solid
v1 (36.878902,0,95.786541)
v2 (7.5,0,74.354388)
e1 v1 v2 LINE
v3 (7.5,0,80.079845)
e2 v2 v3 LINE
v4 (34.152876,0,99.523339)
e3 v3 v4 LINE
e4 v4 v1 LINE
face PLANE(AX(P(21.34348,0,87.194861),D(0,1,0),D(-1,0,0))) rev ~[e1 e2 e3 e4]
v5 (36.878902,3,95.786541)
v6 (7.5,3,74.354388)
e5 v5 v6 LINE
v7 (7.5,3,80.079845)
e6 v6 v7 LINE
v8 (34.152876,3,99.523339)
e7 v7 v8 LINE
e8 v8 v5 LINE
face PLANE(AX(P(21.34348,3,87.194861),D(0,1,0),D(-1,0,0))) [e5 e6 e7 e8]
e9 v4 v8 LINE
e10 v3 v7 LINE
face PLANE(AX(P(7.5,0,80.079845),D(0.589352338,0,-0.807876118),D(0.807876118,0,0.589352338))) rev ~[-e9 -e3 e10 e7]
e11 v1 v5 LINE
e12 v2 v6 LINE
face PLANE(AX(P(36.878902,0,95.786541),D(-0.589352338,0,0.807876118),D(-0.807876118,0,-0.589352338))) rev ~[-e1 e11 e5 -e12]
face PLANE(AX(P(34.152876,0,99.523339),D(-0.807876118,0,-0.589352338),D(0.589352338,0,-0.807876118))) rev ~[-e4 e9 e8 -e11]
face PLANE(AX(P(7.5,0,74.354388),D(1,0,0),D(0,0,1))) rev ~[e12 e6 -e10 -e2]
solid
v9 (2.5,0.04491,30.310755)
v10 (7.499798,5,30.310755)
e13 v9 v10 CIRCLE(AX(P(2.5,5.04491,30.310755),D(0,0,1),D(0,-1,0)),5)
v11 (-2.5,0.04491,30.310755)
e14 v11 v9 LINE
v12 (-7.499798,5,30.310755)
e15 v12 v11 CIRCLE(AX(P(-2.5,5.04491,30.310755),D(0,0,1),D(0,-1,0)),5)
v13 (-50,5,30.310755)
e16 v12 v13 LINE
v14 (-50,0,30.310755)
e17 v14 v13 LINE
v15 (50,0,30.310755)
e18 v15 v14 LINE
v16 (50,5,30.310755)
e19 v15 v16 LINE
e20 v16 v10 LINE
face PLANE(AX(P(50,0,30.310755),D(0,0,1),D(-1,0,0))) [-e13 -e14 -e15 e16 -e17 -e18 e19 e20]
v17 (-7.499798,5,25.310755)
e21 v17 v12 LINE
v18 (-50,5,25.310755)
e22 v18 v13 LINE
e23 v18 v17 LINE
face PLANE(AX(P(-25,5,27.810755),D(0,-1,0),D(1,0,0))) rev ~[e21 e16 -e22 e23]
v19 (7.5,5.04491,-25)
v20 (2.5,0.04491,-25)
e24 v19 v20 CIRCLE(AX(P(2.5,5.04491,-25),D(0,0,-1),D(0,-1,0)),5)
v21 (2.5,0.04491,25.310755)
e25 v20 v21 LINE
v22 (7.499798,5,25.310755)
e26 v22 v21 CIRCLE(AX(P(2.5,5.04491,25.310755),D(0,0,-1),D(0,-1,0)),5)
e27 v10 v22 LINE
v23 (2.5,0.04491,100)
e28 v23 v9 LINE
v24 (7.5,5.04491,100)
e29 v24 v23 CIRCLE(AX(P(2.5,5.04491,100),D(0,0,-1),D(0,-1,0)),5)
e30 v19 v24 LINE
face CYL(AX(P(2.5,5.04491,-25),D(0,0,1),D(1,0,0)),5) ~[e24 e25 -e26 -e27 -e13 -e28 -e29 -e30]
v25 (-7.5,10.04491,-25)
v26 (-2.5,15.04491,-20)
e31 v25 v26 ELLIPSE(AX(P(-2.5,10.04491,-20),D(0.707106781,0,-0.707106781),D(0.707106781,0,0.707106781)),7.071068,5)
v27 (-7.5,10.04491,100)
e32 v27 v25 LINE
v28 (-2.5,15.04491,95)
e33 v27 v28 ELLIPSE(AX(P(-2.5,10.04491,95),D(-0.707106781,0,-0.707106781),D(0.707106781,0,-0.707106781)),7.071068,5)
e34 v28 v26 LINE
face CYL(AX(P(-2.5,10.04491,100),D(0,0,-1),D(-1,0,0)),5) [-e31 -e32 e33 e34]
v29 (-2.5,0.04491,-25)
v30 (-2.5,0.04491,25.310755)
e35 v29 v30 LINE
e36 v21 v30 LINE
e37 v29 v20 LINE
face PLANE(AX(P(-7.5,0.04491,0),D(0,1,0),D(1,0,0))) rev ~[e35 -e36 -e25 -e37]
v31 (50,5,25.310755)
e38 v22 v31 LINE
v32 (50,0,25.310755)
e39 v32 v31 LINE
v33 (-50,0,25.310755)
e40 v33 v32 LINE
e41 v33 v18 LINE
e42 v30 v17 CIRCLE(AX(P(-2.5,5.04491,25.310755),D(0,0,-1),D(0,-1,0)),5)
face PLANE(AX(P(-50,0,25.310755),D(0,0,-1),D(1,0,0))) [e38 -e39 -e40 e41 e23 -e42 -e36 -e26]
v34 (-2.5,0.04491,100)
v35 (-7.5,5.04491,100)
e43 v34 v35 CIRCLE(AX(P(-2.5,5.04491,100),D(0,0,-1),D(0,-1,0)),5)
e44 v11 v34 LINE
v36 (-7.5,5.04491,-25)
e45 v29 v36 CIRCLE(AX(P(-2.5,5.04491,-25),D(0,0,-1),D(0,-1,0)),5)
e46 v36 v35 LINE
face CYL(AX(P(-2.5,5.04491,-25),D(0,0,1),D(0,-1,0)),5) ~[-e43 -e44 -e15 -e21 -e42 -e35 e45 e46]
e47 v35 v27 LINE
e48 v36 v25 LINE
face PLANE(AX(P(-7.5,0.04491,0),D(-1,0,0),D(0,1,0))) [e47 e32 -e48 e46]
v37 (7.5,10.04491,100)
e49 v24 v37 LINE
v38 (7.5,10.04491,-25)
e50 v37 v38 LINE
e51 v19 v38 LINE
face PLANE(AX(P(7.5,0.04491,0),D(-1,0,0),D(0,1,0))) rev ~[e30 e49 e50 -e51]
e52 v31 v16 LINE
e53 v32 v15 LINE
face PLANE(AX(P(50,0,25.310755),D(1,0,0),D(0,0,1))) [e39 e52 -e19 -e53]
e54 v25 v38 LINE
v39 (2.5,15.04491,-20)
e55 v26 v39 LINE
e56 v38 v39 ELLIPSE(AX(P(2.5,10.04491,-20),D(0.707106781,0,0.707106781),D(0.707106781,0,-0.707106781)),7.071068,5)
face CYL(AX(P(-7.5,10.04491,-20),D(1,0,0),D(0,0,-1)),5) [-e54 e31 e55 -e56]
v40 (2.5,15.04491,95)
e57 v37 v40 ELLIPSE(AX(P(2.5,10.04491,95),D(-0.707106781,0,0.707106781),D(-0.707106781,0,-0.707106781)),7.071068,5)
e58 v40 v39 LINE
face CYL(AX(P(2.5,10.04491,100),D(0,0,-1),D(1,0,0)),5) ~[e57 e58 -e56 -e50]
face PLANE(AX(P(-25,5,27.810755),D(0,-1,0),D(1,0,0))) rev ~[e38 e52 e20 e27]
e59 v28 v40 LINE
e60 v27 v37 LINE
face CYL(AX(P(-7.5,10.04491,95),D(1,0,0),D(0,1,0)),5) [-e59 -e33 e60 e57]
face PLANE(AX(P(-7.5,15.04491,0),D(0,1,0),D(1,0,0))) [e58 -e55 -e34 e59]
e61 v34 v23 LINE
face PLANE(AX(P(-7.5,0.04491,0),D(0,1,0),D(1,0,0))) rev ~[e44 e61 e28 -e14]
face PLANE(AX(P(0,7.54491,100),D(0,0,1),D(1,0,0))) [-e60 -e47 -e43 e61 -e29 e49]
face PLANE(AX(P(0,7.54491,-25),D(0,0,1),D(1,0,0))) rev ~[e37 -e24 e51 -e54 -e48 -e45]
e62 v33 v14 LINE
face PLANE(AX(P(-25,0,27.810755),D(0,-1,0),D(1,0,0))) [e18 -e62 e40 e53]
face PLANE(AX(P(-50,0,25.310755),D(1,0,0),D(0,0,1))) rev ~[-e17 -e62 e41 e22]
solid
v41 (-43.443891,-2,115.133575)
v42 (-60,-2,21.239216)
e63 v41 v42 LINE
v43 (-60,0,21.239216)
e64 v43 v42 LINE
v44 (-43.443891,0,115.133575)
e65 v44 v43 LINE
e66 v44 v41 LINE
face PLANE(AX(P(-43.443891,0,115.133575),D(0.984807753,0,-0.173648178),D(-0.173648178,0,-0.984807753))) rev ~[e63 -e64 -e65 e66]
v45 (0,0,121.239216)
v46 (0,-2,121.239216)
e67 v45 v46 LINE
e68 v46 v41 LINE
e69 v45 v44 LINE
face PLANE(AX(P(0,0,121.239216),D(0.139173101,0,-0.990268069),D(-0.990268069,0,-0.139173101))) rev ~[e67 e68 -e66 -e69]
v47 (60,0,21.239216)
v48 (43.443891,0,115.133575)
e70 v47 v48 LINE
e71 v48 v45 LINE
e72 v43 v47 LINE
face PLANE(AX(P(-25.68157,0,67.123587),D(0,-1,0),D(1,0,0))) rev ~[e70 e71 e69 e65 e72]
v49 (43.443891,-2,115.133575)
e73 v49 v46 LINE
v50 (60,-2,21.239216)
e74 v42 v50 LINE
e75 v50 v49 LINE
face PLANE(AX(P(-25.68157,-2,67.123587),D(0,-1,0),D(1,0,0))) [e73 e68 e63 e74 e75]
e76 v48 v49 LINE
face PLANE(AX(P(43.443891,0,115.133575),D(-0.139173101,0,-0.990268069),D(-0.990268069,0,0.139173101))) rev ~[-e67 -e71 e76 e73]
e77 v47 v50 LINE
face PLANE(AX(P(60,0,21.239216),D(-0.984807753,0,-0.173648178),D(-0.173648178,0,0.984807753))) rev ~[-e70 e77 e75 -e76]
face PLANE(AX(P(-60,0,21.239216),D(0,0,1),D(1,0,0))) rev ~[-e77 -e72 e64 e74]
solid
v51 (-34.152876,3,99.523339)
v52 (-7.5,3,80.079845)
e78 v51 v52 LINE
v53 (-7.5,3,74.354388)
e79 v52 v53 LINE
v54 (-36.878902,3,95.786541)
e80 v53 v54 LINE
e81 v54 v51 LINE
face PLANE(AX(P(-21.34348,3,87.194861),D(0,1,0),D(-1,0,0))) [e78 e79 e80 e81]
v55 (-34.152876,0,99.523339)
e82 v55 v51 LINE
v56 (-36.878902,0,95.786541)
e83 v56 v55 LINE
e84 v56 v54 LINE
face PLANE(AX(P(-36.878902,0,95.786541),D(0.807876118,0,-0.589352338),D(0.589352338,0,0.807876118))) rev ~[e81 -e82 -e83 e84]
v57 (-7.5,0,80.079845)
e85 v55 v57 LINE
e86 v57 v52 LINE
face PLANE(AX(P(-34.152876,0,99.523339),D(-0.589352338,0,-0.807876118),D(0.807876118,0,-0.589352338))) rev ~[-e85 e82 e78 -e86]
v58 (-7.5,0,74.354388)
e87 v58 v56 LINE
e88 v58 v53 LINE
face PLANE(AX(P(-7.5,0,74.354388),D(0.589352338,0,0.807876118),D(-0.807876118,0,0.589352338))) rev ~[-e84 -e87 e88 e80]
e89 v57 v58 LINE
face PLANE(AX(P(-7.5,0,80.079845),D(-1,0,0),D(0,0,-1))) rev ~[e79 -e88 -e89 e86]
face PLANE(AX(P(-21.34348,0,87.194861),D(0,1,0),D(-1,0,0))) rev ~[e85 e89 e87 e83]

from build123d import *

# Parameters (mm, degrees)
F0_W     = 15
F0_H     = 15
F1_DEPTH = 25
F2_DEPTH = 100
F4_DEPTH = 2
F5_W     = 50
F5_H     = 5
F6_DEPTH = 5
F9_DEPTH = 3
F10_R    = 5


with BuildPart() as f1:
    # F0 (on Top) → F1 (new body)
    with BuildSketch(Plane.XY):
        with Locations((0, 7.5449103606)):
            Rectangle(F0_W, F0_H)
    extrude(amount=-F1_DEPTH)

    # F2 (add): a face of the model
    f2_faces = [f1.faces().sort_by_distance(p)[0] for p in [
        (0, 7.5449103606, 0),
    ]]
    extrude(f2_faces, amount=F2_DEPTH)


with BuildPart() as f4:
    # F3 (on Front) → F4 (new body)
    with BuildSketch(Plane.XZ):
        Polygon((-60, 21.2392159319), (0, 21.2392159319), (0, 121.2392159319), (-43.4438911228, 115.1335752108), align=None)
        Polygon((0, 21.2392159319), (60, 21.2392159319), (43.4438911228, 115.1335752108), (0, 121.2392159319), align=None)
    extrude(amount=F4_DEPTH)


with BuildPart() as f6:
    # F5 (on Front) → F6 (new body)
    with BuildSketch(Plane.XZ):
        with Locations((-25, 27.8107548699)):
            Rectangle(F5_W, F5_H)
        with Locations((25, 27.8107548699)):
            Rectangle(F5_W, F5_H)
    extrude(amount=-F6_DEPTH)


with BuildPart() as f1_1:
    add(f1.part)

    # F7: union F6
    add(f6.part)

    # F10
    f10_edges = [f1_1.edges().sort_by_distance(p)[0] for p in [
        (7.5, 15.04491, 37.5),
        (7.5, 0.04491, 0.155377),
        (0, 15.04491, -25),
        (-7.5, 15.04491, 37.5),
        (0, 15.04491, 100),
        (-7.5, 0.04491, 0.155377),
    ]]
    fillet(f10_edges, radius=F10_R)


with BuildPart() as f9:
    # F8 (on face) → F9 (new body)
    with BuildSketch(Plane(origin=(0, 0, 0), x_dir=(-1, 0, 0), z_dir=(0, 1, 0))):
        Polygon((-7.5, 80.0798447545), (-34.1528759696, 99.5233391426), (-36.8789015881, 95.7865405379), (-7.5, 74.3543878198), align=None)
    extrude(amount=F9_DEPTH)


with BuildPart() as f9b:
    # F8 (on face) → F9, piece 2 (new body)
    with BuildSketch(Plane(origin=(0, 0, 0), x_dir=(-1, 0, 0), z_dir=(0, 1, 0))):
        Polygon((7.5, 80.0798447545), (7.5, 74.3543878198), (36.8789015881, 95.7865405379), (34.1528759696, 99.5233391426), align=None)
    extrude(amount=F9_DEPTH)


solid = Compound([f4.part, f1_1.part, f9.part, f9b.part])
